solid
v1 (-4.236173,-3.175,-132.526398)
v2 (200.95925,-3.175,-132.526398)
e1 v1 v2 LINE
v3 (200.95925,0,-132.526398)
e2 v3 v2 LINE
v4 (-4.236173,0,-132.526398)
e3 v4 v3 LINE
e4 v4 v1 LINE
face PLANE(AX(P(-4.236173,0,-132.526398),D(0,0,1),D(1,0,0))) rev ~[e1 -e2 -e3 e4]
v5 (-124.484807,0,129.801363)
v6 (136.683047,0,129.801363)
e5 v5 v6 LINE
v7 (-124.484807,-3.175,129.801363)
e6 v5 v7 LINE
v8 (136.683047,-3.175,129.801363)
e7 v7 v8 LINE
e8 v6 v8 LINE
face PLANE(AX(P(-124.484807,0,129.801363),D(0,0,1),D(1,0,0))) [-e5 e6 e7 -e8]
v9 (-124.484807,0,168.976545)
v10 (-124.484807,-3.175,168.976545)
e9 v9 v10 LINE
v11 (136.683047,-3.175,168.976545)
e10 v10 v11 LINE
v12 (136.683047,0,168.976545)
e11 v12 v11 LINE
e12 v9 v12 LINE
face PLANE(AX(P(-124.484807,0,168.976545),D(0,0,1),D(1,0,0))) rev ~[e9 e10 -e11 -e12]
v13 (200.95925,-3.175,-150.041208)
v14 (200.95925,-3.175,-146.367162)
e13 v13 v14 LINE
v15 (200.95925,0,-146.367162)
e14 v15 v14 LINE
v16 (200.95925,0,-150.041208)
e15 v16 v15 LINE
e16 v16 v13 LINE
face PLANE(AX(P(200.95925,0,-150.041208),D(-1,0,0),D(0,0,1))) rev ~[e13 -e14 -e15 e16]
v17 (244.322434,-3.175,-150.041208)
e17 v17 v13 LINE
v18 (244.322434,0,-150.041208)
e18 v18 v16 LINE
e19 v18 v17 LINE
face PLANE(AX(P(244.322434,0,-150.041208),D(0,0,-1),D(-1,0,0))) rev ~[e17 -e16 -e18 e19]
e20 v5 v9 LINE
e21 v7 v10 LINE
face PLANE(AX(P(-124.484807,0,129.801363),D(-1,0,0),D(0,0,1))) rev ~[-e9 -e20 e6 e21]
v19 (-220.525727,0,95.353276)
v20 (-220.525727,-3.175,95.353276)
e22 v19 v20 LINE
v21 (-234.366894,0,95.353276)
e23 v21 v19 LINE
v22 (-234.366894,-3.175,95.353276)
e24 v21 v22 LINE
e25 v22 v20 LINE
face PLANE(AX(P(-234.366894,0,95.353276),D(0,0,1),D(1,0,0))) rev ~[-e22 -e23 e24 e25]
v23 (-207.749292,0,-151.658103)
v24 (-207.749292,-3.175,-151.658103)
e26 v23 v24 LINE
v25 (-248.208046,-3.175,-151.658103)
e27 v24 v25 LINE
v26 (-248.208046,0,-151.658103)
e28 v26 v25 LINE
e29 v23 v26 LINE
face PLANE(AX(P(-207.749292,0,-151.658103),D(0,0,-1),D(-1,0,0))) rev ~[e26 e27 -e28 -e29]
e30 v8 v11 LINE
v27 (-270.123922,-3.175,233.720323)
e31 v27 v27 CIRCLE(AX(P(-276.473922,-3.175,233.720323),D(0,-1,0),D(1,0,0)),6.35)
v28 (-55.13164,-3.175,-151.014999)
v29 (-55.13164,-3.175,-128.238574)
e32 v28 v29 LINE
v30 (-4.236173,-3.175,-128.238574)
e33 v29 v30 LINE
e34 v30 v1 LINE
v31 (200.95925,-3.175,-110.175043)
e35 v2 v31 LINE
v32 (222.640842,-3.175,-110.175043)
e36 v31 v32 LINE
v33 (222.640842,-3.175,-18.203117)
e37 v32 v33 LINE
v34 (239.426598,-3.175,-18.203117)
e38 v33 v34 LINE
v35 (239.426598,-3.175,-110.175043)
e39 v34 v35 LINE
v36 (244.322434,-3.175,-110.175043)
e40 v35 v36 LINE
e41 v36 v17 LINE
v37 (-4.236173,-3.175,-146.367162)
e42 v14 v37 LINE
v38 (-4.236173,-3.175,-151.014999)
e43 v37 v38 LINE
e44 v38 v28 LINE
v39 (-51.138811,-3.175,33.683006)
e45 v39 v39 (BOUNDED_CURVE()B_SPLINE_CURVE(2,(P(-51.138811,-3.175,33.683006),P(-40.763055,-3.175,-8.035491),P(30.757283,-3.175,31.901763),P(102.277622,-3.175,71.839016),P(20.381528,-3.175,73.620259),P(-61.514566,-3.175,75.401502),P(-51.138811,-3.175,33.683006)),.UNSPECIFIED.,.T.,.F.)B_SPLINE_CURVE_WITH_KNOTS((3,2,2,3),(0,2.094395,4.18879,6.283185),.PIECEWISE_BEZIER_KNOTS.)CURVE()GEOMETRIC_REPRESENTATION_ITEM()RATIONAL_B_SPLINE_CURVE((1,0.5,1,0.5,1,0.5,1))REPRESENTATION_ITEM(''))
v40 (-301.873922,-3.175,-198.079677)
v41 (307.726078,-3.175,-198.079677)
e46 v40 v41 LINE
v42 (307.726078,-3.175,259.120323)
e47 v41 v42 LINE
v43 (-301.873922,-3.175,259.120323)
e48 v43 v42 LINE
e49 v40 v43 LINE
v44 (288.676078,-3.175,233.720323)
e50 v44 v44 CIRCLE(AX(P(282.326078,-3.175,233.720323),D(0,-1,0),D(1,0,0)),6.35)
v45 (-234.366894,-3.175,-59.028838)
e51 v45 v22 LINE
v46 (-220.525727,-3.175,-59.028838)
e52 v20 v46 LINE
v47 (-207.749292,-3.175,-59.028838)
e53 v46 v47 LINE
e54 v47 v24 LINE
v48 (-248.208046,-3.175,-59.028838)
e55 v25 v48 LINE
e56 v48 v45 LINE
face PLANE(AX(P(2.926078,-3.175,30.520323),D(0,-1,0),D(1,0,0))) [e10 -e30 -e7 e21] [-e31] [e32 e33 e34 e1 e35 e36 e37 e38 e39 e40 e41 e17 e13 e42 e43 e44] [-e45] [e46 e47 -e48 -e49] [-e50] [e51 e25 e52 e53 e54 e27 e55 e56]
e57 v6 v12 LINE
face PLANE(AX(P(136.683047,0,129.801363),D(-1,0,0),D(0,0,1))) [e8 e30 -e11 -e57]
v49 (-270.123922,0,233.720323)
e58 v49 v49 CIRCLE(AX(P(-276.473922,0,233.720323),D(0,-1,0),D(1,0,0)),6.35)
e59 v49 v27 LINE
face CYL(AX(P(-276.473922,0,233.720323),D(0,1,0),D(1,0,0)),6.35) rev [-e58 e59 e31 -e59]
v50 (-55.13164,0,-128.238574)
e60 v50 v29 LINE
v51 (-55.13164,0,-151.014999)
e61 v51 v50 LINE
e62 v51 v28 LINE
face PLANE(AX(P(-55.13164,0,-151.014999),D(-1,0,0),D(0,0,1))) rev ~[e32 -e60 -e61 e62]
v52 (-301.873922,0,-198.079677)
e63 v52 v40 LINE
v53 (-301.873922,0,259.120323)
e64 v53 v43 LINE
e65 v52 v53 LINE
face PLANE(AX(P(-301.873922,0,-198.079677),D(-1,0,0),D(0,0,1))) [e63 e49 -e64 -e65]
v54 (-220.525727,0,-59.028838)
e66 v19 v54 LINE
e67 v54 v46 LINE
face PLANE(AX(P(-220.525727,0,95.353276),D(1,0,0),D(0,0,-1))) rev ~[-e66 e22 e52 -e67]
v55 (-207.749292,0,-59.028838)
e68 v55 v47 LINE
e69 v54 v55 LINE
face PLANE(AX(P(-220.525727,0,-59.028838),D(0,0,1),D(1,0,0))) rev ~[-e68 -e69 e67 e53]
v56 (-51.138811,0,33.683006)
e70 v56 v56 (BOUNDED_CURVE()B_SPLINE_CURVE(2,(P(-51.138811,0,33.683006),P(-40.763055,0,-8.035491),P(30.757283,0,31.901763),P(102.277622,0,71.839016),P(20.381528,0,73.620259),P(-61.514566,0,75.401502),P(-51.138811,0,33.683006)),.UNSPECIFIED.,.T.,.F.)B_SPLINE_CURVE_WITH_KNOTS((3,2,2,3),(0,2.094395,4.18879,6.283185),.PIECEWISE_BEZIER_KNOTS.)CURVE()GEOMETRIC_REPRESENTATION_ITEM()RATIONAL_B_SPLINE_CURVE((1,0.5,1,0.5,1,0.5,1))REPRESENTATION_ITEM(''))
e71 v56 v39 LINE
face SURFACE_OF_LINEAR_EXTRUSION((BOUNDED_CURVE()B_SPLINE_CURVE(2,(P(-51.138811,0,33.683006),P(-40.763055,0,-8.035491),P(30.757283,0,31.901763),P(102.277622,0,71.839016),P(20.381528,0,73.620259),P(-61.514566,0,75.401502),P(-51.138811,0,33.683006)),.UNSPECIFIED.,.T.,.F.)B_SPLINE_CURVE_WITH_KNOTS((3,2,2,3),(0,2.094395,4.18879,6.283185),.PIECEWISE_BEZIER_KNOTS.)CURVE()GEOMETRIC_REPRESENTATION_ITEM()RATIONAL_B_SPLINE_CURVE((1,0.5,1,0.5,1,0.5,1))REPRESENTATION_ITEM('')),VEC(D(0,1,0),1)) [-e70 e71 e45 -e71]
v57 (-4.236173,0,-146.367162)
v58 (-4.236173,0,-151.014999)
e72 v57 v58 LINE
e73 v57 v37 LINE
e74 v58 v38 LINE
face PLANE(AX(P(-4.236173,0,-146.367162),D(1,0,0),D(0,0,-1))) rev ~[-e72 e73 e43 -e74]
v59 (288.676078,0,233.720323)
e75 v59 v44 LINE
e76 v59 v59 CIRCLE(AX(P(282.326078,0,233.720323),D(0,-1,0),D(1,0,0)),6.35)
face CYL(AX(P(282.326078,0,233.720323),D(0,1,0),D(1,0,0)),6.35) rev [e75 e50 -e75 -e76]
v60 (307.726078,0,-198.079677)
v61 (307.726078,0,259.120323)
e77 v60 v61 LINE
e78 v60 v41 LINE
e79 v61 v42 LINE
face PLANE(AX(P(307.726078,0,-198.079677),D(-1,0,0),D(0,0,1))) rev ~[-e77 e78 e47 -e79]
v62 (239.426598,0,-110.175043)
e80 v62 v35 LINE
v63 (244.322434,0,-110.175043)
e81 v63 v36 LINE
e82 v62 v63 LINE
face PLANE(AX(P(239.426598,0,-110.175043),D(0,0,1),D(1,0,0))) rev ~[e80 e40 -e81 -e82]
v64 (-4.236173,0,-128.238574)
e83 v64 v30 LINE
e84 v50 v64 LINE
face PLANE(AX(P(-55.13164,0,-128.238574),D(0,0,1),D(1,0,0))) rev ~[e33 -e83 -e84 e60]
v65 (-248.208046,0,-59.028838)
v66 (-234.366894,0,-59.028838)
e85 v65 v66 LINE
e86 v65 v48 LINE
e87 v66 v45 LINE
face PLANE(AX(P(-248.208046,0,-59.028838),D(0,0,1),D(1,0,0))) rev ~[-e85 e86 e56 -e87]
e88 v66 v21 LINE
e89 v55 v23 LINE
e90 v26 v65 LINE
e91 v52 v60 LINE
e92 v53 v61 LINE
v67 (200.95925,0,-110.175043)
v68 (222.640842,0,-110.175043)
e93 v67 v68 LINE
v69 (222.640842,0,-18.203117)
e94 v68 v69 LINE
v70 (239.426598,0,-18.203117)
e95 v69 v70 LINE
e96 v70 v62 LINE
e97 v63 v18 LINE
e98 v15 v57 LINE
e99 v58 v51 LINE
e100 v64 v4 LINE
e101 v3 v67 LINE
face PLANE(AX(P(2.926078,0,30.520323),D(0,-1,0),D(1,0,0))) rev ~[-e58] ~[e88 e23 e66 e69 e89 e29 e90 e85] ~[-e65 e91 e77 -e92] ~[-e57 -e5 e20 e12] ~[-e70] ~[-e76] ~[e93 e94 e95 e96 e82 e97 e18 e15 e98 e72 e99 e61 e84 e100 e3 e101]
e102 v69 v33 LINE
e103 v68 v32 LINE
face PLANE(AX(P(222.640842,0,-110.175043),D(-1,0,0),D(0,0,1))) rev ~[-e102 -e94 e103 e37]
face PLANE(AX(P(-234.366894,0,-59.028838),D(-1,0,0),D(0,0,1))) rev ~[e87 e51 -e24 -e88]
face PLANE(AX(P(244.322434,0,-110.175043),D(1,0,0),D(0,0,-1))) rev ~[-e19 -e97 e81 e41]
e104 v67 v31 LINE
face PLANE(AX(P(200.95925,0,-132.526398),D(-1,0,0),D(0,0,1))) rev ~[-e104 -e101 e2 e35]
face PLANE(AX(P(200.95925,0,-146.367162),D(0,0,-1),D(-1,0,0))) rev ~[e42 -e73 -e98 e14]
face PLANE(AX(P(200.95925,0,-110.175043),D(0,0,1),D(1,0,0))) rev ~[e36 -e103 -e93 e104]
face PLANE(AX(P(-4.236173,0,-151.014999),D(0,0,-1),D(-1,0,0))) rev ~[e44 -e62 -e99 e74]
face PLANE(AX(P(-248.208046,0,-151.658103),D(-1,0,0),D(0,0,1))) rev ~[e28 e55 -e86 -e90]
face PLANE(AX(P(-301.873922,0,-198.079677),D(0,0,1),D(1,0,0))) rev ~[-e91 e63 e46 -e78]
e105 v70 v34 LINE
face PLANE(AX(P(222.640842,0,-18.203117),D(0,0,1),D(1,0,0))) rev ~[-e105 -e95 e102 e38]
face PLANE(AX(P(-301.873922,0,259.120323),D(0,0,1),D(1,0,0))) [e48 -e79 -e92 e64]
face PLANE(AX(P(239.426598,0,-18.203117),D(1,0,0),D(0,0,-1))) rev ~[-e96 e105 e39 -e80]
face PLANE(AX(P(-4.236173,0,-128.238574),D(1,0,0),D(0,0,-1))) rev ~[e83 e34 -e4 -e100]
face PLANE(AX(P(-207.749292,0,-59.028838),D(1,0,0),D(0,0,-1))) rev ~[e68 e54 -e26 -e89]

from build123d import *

# Parameters (mm, degrees)
F0_W     = 609.6
F0_H     = 457.2
F0_R     = 6.35
F0_W_2   = 261.167854
F0_H_2   = 39.175182
F1_DEPTH = 3.175


with BuildPart() as f1:
    # F0 (on Front) → F1 (new body)
    with BuildSketch(Plane.XZ):
        with Locations((2.926078, 30.520323)):
            Rectangle(F0_W, F0_H)
        Polygon((-234.366894, -59.028838), (-234.366894, 95.353276), (-220.525727, 95.353276), (-220.525727, -59.028838), (-207.749292, -59.028838), (-207.749292, -151.658103), (-248.208046, -151.658103), (-248.208046, -59.028838), align=None, mode=Mode.SUBTRACT)
        Polygon((-4.236173, -128.238574), (-4.236173, -132.526398), (200.95925, -132.526398), (200.95925, -110.175043), (222.640842, -110.175043), (222.640842, -18.203117), (239.426598, -18.203117), (239.426598, -110.175043), (244.322434, -110.175043), (244.322434, -150.041208), (200.95925, -150.041208), (200.95925, -146.367162), (-4.236173, -146.367162), (-4.236173, -151.014999), (-55.13164, -151.014999), (-55.13164, -128.238574), align=None, mode=Mode.SUBTRACT)
        with BuildLine():
            add(Edge.make_bspline(
                [(-51.138811, 33.683006), (-40.763055, -8.035491), (30.757283, 31.901763), (102.277622, 71.839016), (20.381528, 73.620259), (-61.514566, 75.401502), (-51.138811, 33.683006)],
                knots=[0, 0, 0, 2.094395, 2.094395, 4.18879, 4.18879, 6.283185, 6.283185, 6.283185], degree=2, weights=[1, 0.5, 1, 0.5, 1, 0.5, 1]))
        make_face(mode=Mode.SUBTRACT)
        with Locations((-276.473922, 233.720323)):
            Circle(F0_R, mode=Mode.SUBTRACT)
        with Locations((6.09912, 149.388954)):
            Rectangle(F0_W_2, F0_H_2, mode=Mode.SUBTRACT)
        with Locations((282.326078, 233.720323)):
            Circle(F0_R, mode=Mode.SUBTRACT)
    extrude(amount=F1_DEPTH)


solid = f1.part
